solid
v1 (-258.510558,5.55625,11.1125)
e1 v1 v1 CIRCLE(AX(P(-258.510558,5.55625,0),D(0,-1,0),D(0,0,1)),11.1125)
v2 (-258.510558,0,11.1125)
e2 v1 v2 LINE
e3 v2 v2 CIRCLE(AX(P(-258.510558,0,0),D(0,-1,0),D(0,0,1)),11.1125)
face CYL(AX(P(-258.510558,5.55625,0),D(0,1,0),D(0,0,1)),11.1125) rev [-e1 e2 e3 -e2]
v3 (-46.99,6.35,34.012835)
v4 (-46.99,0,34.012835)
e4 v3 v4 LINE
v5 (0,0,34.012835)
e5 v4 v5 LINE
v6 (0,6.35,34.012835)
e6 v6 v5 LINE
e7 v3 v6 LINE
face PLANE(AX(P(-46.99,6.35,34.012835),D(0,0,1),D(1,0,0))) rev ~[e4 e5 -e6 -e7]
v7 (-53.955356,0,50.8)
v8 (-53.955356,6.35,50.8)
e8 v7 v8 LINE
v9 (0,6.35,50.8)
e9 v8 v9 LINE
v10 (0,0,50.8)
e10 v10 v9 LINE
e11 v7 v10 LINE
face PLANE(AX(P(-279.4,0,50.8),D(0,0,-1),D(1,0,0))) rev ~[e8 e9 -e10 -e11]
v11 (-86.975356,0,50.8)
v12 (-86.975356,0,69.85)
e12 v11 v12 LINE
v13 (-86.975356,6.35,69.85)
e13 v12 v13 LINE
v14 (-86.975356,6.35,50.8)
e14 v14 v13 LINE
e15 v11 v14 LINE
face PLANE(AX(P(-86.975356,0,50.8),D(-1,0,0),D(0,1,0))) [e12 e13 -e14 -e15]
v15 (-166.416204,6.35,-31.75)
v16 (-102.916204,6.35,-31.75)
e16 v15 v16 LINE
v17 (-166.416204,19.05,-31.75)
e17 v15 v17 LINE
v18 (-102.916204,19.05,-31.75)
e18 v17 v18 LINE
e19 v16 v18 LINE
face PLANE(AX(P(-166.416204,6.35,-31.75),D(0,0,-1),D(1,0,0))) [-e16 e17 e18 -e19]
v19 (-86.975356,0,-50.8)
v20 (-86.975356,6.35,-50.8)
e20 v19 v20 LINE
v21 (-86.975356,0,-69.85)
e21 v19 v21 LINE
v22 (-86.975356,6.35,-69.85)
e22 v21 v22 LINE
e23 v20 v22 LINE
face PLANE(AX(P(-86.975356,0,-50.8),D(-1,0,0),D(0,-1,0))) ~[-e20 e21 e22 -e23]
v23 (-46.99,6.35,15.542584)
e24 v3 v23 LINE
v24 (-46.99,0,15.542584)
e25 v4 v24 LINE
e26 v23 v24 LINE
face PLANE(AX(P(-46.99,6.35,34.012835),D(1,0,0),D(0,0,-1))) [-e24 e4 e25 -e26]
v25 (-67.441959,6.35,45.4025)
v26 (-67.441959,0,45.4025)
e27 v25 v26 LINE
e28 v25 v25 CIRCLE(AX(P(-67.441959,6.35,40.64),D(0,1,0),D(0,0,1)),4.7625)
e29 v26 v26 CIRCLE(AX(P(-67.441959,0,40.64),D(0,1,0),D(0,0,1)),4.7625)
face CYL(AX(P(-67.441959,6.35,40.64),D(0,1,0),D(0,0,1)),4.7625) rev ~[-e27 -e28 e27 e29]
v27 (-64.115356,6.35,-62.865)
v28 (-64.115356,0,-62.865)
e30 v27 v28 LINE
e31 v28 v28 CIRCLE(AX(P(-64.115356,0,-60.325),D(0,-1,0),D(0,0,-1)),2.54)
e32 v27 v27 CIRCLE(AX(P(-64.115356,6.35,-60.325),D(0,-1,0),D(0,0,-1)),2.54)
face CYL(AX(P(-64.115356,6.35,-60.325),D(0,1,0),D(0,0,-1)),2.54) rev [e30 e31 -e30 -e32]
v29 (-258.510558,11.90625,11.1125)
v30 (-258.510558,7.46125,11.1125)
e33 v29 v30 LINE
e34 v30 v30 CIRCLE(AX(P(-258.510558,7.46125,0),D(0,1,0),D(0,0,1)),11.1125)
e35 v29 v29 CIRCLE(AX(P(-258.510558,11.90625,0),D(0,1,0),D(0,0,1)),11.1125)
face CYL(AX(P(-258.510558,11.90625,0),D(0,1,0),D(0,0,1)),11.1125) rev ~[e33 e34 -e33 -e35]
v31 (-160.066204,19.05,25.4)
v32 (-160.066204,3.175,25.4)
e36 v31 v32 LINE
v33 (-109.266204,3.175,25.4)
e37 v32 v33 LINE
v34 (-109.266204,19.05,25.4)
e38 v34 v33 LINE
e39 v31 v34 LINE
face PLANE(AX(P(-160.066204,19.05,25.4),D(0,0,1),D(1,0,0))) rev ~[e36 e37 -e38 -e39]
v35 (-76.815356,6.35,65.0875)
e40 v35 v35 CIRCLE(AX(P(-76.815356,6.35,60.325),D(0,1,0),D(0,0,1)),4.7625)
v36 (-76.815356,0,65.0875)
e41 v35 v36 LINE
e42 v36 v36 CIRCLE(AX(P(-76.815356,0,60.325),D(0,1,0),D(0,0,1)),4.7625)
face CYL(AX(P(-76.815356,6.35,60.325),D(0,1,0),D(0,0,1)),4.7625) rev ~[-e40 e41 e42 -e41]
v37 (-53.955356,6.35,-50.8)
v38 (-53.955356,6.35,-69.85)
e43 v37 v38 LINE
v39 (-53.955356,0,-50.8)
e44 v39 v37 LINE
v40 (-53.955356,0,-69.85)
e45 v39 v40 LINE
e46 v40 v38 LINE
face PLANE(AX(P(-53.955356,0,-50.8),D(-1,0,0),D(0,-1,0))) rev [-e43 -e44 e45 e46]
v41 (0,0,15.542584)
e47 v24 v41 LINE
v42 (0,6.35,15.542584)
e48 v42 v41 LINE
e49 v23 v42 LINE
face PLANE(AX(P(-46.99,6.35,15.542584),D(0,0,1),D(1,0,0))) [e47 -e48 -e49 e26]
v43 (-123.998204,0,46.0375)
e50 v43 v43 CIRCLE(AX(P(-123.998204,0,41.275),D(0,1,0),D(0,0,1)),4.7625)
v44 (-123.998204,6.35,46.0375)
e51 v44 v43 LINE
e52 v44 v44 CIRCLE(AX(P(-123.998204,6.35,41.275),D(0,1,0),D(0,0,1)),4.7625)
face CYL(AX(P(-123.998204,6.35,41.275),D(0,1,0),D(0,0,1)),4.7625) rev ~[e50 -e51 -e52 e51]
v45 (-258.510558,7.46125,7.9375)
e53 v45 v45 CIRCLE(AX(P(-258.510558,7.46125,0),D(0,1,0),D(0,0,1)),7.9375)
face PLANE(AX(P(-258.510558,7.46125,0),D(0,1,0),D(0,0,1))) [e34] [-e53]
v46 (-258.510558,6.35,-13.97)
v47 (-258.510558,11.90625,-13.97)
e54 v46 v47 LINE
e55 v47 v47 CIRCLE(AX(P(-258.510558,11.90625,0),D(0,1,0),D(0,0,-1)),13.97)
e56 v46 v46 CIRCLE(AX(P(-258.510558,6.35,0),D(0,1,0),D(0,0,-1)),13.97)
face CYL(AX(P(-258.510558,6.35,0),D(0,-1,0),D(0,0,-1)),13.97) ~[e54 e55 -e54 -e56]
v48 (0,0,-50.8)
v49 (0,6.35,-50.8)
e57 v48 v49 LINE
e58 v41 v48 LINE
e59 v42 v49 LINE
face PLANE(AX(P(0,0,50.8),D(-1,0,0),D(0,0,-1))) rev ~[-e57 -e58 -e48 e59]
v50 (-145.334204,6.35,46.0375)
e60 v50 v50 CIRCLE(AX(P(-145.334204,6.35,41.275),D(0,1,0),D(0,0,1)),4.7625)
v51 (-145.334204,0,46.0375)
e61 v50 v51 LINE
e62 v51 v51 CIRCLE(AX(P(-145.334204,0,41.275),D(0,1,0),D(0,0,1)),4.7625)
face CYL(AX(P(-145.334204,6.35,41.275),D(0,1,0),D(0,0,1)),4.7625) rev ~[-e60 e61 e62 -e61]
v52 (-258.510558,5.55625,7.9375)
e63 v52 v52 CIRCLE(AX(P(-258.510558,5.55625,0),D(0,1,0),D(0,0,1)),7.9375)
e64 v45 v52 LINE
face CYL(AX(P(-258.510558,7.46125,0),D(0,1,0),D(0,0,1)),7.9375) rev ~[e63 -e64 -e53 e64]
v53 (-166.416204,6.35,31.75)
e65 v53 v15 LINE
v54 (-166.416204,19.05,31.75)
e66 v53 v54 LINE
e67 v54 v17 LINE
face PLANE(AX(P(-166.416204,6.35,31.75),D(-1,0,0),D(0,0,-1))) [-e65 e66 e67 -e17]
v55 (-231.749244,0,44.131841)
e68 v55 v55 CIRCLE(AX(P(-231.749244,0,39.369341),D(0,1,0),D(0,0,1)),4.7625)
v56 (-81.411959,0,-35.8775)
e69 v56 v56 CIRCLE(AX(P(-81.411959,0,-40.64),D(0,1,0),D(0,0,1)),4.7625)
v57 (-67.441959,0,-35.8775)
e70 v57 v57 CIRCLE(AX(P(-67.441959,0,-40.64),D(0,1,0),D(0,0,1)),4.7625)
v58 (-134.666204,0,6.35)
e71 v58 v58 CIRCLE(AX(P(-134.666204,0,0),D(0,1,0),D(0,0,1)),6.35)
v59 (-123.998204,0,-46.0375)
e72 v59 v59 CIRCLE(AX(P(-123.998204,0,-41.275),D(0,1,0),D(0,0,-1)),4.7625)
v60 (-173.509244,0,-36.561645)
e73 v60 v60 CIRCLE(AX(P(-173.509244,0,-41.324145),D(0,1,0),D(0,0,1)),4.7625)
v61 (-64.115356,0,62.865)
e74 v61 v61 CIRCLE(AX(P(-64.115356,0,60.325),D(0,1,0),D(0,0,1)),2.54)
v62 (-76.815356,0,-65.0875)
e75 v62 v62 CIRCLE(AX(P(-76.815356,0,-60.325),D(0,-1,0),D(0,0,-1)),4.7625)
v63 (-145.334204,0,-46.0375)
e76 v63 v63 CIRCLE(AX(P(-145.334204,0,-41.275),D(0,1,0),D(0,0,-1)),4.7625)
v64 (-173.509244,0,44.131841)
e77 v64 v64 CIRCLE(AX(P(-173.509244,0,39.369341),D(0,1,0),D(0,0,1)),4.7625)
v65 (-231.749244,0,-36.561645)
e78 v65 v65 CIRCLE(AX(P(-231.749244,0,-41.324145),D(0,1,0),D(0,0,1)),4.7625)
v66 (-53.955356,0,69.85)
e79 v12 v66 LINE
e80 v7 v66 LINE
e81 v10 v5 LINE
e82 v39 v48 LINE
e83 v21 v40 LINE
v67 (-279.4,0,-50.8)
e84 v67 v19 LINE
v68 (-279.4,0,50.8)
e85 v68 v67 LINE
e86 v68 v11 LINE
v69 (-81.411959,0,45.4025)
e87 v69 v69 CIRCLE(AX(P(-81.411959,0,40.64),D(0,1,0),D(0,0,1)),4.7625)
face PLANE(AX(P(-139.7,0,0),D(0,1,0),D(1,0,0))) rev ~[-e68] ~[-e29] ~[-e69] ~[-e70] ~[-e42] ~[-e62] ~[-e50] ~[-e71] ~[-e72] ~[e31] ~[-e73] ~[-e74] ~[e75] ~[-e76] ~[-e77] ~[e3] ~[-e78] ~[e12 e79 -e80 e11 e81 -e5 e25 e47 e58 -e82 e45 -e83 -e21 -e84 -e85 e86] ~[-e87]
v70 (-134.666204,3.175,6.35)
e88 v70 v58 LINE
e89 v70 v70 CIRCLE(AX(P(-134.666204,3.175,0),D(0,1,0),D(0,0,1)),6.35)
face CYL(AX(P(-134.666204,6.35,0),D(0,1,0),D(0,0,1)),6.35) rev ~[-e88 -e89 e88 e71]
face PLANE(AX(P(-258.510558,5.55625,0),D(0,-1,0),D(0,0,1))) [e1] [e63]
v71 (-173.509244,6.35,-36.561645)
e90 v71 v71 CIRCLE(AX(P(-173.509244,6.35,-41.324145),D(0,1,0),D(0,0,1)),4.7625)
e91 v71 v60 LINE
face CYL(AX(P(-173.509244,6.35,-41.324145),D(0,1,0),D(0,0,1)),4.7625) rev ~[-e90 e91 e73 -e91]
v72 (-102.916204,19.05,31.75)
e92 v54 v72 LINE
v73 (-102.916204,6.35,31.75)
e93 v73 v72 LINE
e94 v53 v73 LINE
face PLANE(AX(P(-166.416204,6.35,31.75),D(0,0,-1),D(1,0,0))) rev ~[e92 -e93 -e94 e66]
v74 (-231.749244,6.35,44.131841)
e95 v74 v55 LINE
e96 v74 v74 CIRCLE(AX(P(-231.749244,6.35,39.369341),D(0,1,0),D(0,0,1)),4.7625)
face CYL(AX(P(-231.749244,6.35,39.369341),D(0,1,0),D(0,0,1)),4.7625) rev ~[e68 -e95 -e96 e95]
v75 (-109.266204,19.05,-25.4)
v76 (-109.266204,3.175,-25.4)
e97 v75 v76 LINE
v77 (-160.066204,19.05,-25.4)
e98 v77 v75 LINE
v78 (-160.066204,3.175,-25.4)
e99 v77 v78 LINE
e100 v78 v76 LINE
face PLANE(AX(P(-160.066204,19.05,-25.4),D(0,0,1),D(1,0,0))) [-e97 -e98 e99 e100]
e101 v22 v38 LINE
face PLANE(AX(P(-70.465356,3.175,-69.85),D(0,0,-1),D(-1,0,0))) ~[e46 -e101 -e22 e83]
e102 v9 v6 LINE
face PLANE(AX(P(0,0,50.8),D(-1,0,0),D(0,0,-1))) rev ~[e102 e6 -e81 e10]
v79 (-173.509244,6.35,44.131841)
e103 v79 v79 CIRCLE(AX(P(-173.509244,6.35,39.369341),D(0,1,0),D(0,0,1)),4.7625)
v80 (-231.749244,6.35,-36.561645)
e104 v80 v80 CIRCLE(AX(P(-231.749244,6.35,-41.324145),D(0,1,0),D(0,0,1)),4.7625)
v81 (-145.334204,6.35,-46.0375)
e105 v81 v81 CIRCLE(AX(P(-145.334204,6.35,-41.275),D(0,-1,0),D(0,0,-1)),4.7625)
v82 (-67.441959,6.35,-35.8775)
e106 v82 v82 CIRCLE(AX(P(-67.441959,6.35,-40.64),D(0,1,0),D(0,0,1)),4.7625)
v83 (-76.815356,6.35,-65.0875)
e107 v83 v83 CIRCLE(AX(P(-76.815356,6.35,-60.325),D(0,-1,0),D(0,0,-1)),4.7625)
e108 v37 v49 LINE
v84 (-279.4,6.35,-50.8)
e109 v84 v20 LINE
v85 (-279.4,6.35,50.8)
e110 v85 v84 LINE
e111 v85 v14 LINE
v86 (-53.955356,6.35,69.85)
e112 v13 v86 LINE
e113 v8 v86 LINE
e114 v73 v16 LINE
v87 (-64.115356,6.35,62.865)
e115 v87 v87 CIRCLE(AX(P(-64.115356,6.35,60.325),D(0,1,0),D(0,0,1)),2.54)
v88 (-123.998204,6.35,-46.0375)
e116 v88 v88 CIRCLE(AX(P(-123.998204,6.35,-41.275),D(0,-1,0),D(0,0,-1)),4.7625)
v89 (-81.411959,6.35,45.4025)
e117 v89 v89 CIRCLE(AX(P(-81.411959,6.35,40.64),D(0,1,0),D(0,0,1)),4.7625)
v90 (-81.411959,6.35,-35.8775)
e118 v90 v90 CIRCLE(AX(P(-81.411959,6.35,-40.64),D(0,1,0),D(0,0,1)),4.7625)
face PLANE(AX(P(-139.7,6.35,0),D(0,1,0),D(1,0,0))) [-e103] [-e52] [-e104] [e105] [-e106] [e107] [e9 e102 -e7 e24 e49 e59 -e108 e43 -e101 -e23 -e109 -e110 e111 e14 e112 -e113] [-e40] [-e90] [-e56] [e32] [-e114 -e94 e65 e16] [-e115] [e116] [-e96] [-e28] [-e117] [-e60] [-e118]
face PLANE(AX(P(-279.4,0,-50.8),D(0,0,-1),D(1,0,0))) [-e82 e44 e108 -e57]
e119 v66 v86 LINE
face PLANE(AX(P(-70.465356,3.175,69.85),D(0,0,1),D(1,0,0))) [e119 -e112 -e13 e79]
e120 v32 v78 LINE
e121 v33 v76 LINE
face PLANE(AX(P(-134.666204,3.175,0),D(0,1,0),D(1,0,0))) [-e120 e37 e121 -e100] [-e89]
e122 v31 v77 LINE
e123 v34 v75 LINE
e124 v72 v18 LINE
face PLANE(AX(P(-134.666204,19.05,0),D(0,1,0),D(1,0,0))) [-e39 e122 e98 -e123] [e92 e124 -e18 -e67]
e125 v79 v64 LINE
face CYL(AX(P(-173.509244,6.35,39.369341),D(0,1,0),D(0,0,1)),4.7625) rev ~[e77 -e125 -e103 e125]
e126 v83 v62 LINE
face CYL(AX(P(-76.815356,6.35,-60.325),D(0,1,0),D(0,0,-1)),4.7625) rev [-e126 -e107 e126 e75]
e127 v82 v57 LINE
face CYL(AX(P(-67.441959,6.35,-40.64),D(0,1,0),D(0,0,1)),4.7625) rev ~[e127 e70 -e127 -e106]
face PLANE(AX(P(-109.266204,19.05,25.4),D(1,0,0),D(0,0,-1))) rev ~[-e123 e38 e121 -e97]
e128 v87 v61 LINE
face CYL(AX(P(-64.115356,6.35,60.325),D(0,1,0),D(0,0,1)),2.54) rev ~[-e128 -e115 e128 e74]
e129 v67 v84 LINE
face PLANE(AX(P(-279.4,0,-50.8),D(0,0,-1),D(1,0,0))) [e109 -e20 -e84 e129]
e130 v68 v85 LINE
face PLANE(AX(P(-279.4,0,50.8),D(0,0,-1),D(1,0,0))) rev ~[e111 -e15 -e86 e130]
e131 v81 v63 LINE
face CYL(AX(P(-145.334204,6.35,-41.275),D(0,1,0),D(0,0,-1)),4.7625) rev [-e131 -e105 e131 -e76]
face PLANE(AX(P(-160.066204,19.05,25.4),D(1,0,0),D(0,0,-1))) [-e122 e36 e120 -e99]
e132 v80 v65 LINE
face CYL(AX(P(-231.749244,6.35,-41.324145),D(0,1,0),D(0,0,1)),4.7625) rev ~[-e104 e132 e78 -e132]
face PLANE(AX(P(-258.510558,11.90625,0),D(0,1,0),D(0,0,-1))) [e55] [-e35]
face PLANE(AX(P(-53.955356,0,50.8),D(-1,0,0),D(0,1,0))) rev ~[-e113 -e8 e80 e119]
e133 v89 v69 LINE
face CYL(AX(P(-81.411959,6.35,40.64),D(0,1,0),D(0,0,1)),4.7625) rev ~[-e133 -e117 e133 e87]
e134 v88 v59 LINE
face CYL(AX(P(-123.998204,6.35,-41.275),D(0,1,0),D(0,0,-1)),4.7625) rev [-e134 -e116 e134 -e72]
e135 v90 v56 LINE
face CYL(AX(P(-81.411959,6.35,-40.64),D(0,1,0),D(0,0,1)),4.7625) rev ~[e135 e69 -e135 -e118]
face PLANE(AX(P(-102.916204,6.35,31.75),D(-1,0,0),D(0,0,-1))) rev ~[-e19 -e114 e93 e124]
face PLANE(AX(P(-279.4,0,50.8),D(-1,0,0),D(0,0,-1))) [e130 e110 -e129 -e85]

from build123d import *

# Parameters (mm, degrees)
SKETCH1_W            = 279.4
SKETCH1_H            = 101.6
BOSS_EXTRUDE1_DEPTH  = 6.35
SKETCH2_R            = 13.97
BOSS_EXTRUDE3_DEPTH  = 5.55625
SKETCH9_R            = 11.1125
CUT_EXTRUDE4_DEPTH   = 4.445
CUT_EXTRUDE5_START   = -5.55625
SKETCH10_R           = 11.1125
CUT_EXTRUDE5_DEPTH   = 5.55625
SKETCH11_R           = 7.9375
CUT_EXTRUDE6_DEPTH   = 285.078633923
SKETCH12_R           = 6.35
CUT_EXTRUDE7_DEPTH   = 285.051619429
SKETCH22_W           = 63.5
SKETCH22_H           = 63.5
BOSS_EXTRUDE7_DEPTH  = 12.7
SKETCH25_W           = 50.8
SKETCH25_H           = 50.8
CUT_EXTRUDE11_DEPTH  = 15.875
SKETCH32_R           = 4.7625
CUT_EXTRUDE12_DEPTH  = 6.35
SKETCH38_W           = 46.99
SKETCH38_H           = 18.470251096
CUT_EXTRUDE13_DEPTH  = 6.35
SKETCH60_R           = 4.7625
CUT_EXTRUDE23_DEPTH  = 6.35
SKETCH64_R           = 4.7625
CUT_EXTRUDE24_DEPTH  = 285.264471927
SKETCH69_W           = 33.02
SKETCH69_H           = 6.35
BOSS_EXTRUDE10_DEPTH = 19.05
SKETCH70_R           = 4.7625
SKETCH70_R_2         = 2.54
CUT_EXTRUDE26_DEPTH  = 6.35


with BuildPart() as part:
    # Sketch1 → Boss-Extrude1 (new body)
    with BuildSketch(Plane(origin=(0, 0, 0), x_dir=(1, 0, 0), z_dir=(0, 1, 0))):
        with Locations((-139.7, 0)):
            Rectangle(SKETCH1_W, SKETCH1_H)
    extrude(amount=BOSS_EXTRUDE1_DEPTH)

    # Sketch2 → Boss-Extrude3 (add)
    with BuildSketch(Plane(origin=(0, 6.35, 0), x_dir=(1, 0, 0), z_dir=(0, 1, 0))):
        with Locations(Location((-258.510557857, 0, 0), (0, 0, 90))):
            Circle(SKETCH2_R)
    extrude(amount=BOSS_EXTRUDE3_DEPTH)

    # Sketch9 → Cut-Extrude4 (cut)
    with BuildSketch(Plane(origin=(0, 11.90625, 0), x_dir=(1, 0, 0), z_dir=(0, 1, 0))):
        with Locations(Location((-258.510557857, 0, 0), (0, 0, 270))):
            Circle(SKETCH9_R)
    extrude(amount=-CUT_EXTRUDE4_DEPTH, mode=Mode.SUBTRACT)

    # Sketch10 → Cut-Extrude5 (cut)
    with BuildSketch(Plane(origin=(0, 0, 0), x_dir=(-1, 0, 0), z_dir=(0, -1, 0)).offset(CUT_EXTRUDE5_START)):
        with Locations(Location((258.510557857, 0, 0), (0, 0, 270))):
            Circle(SKETCH10_R)
    extrude(amount=CUT_EXTRUDE5_DEPTH, mode=Mode.SUBTRACT)

    # Sketch11 → Cut-Extrude6 (cut, through all)
    with BuildSketch(Plane(origin=(0, 7.46125, 0), x_dir=(1, 0, 0), z_dir=(0, 1, 0))):
        with Locations(Location((-258.510557857, 0, 0), (0, 0, 270))):
            Circle(SKETCH11_R)
    extrude(amount=-CUT_EXTRUDE6_DEPTH, mode=Mode.SUBTRACT)

    # Sketch12 → Cut-Extrude7 (cut, through all)
    with BuildSketch(Plane(origin=(0, 6.35, 0), x_dir=(1, 0, 0), z_dir=(0, 1, 0))):
        with Locations(Location((-134.666203771, 0, 0), (0, 0, 270))):
            Circle(SKETCH12_R)
    extrude(amount=-CUT_EXTRUDE7_DEPTH, mode=Mode.SUBTRACT)

    # Sketch22 → Boss-Extrude7 (add)
    with BuildSketch(Plane(origin=(0, 6.35, 0), x_dir=(1, 0, 0), z_dir=(0, 1, 0))):
        with Locations((-134.666203771, 0)):
            Rectangle(SKETCH22_W, SKETCH22_H)
    extrude(amount=BOSS_EXTRUDE7_DEPTH)

    # Sketch25 → Cut-Extrude11 (cut)
    with BuildSketch(Plane(origin=(0, 19.05, 0), x_dir=(1, 0, 0), z_dir=(0, 1, 0))):
        with Locations((-134.666203771, 0)):
            Rectangle(SKETCH25_W, SKETCH25_H)
    extrude(amount=-CUT_EXTRUDE11_DEPTH, mode=Mode.SUBTRACT)

    # Sketch32 → Cut-Extrude12 (cut)
    with BuildSketch(Plane(origin=(0, 6.35, 0), x_dir=(1, 0, 0), z_dir=(0, 1, 0))):
        with Locations(Location((-67.44195898, -40.64, 0), (0, 0, 270))):
            Circle(SKETCH32_R)
        with Locations(Location((-81.41195898, -40.64, 0), (0, 0, 270))):
            Circle(SKETCH32_R)
        with Locations(Location((-67.44195898, 40.64, 0), (0, 0, 270))):
            Circle(SKETCH32_R)
        with Locations(Location((-81.41195898, 40.64, 0), (0, 0, 270))):
            Circle(SKETCH32_R)
    extrude(amount=-CUT_EXTRUDE12_DEPTH, mode=Mode.SUBTRACT)

    # Sketch38 → Cut-Extrude13 (cut)
    with BuildSketch(Plane(origin=(0, 6.35, 0), x_dir=(1, 0, 0), z_dir=(0, 1, 0))):
        with Locations((-23.495, -24.777709652)):
            Rectangle(SKETCH38_W, SKETCH38_H)
    extrude(amount=-CUT_EXTRUDE13_DEPTH, mode=Mode.SUBTRACT)

    # Sketch60 → Cut-Extrude23 (cut)
    with BuildSketch(Plane(origin=(0, 6.35, 0), x_dir=(1, 0, 0), z_dir=(0, 1, 0))):
        with Locations(Location((-231.7492444, 41.324145444, 0), (0, 0, 270))):
            Circle(SKETCH60_R)
        with Locations(Location((-231.7492444, -39.369341378, 0), (0, 0, 270))):
            Circle(SKETCH60_R)
        with Locations(Location((-173.509244294, -39.369341378, 0), (0, 0, 270))):
            Circle(SKETCH60_R)
        with Locations(Location((-173.509244294, 41.324145444, 0), (0, 0, 270))):
            Circle(SKETCH60_R)
    extrude(amount=-CUT_EXTRUDE23_DEPTH, mode=Mode.SUBTRACT)

    # Sketch64 → Cut-Extrude24 (cut, through all)
    with BuildSketch(Plane(origin=(0, 6.35, 0), x_dir=(1, 0, 0), z_dir=(0, 1, 0))):
        with Locations(Location((-145.334203771, -41.275, 0), (0, 0, 270))):
            Circle(SKETCH64_R)
        with Locations(Location((-123.998203771, -41.275, 0), (0, 0, 270))):
            Circle(SKETCH64_R)
    cut_extrude24 = extrude(amount=-CUT_EXTRUDE24_DEPTH, mode=Mode.SUBTRACT)

    # Mirror1: Cut-Extrude24 across plane
    add(cut_extrude24.mirror(Plane.XY), mode=Mode.SUBTRACT)

    # Sketch69 → Boss-Extrude10 (add)
    with BuildSketch(Plane.XY.offset(50.8)):
        with Locations((-70.465355554, 3.175)):
            Rectangle(SKETCH69_W, SKETCH69_H)
    boss_extrude10 = extrude(amount=BOSS_EXTRUDE10_DEPTH)

    # Sketch70 → Cut-Extrude26 (cut)
    with BuildSketch(Plane(origin=(0, 6.35, 0), x_dir=(1, 0, 0), z_dir=(0, 1, 0))):
        with Locations(Location((-76.815355554, -60.325, 0), (0, 0, 270))):
            Circle(SKETCH70_R)
        with Locations(Location((-64.115355554, -60.325, 0), (0, 0, 270))):
            Circle(SKETCH70_R_2)
    cut_extrude26 = extrude(amount=-CUT_EXTRUDE26_DEPTH, mode=Mode.SUBTRACT)

    # Mirror2: Boss-Extrude10, Cut-Extrude26 across plane
    add(boss_extrude10.mirror(Plane.XY))
    add(cut_extrude26.mirror(Plane.XY), mode=Mode.SUBTRACT)


solid = part.part
